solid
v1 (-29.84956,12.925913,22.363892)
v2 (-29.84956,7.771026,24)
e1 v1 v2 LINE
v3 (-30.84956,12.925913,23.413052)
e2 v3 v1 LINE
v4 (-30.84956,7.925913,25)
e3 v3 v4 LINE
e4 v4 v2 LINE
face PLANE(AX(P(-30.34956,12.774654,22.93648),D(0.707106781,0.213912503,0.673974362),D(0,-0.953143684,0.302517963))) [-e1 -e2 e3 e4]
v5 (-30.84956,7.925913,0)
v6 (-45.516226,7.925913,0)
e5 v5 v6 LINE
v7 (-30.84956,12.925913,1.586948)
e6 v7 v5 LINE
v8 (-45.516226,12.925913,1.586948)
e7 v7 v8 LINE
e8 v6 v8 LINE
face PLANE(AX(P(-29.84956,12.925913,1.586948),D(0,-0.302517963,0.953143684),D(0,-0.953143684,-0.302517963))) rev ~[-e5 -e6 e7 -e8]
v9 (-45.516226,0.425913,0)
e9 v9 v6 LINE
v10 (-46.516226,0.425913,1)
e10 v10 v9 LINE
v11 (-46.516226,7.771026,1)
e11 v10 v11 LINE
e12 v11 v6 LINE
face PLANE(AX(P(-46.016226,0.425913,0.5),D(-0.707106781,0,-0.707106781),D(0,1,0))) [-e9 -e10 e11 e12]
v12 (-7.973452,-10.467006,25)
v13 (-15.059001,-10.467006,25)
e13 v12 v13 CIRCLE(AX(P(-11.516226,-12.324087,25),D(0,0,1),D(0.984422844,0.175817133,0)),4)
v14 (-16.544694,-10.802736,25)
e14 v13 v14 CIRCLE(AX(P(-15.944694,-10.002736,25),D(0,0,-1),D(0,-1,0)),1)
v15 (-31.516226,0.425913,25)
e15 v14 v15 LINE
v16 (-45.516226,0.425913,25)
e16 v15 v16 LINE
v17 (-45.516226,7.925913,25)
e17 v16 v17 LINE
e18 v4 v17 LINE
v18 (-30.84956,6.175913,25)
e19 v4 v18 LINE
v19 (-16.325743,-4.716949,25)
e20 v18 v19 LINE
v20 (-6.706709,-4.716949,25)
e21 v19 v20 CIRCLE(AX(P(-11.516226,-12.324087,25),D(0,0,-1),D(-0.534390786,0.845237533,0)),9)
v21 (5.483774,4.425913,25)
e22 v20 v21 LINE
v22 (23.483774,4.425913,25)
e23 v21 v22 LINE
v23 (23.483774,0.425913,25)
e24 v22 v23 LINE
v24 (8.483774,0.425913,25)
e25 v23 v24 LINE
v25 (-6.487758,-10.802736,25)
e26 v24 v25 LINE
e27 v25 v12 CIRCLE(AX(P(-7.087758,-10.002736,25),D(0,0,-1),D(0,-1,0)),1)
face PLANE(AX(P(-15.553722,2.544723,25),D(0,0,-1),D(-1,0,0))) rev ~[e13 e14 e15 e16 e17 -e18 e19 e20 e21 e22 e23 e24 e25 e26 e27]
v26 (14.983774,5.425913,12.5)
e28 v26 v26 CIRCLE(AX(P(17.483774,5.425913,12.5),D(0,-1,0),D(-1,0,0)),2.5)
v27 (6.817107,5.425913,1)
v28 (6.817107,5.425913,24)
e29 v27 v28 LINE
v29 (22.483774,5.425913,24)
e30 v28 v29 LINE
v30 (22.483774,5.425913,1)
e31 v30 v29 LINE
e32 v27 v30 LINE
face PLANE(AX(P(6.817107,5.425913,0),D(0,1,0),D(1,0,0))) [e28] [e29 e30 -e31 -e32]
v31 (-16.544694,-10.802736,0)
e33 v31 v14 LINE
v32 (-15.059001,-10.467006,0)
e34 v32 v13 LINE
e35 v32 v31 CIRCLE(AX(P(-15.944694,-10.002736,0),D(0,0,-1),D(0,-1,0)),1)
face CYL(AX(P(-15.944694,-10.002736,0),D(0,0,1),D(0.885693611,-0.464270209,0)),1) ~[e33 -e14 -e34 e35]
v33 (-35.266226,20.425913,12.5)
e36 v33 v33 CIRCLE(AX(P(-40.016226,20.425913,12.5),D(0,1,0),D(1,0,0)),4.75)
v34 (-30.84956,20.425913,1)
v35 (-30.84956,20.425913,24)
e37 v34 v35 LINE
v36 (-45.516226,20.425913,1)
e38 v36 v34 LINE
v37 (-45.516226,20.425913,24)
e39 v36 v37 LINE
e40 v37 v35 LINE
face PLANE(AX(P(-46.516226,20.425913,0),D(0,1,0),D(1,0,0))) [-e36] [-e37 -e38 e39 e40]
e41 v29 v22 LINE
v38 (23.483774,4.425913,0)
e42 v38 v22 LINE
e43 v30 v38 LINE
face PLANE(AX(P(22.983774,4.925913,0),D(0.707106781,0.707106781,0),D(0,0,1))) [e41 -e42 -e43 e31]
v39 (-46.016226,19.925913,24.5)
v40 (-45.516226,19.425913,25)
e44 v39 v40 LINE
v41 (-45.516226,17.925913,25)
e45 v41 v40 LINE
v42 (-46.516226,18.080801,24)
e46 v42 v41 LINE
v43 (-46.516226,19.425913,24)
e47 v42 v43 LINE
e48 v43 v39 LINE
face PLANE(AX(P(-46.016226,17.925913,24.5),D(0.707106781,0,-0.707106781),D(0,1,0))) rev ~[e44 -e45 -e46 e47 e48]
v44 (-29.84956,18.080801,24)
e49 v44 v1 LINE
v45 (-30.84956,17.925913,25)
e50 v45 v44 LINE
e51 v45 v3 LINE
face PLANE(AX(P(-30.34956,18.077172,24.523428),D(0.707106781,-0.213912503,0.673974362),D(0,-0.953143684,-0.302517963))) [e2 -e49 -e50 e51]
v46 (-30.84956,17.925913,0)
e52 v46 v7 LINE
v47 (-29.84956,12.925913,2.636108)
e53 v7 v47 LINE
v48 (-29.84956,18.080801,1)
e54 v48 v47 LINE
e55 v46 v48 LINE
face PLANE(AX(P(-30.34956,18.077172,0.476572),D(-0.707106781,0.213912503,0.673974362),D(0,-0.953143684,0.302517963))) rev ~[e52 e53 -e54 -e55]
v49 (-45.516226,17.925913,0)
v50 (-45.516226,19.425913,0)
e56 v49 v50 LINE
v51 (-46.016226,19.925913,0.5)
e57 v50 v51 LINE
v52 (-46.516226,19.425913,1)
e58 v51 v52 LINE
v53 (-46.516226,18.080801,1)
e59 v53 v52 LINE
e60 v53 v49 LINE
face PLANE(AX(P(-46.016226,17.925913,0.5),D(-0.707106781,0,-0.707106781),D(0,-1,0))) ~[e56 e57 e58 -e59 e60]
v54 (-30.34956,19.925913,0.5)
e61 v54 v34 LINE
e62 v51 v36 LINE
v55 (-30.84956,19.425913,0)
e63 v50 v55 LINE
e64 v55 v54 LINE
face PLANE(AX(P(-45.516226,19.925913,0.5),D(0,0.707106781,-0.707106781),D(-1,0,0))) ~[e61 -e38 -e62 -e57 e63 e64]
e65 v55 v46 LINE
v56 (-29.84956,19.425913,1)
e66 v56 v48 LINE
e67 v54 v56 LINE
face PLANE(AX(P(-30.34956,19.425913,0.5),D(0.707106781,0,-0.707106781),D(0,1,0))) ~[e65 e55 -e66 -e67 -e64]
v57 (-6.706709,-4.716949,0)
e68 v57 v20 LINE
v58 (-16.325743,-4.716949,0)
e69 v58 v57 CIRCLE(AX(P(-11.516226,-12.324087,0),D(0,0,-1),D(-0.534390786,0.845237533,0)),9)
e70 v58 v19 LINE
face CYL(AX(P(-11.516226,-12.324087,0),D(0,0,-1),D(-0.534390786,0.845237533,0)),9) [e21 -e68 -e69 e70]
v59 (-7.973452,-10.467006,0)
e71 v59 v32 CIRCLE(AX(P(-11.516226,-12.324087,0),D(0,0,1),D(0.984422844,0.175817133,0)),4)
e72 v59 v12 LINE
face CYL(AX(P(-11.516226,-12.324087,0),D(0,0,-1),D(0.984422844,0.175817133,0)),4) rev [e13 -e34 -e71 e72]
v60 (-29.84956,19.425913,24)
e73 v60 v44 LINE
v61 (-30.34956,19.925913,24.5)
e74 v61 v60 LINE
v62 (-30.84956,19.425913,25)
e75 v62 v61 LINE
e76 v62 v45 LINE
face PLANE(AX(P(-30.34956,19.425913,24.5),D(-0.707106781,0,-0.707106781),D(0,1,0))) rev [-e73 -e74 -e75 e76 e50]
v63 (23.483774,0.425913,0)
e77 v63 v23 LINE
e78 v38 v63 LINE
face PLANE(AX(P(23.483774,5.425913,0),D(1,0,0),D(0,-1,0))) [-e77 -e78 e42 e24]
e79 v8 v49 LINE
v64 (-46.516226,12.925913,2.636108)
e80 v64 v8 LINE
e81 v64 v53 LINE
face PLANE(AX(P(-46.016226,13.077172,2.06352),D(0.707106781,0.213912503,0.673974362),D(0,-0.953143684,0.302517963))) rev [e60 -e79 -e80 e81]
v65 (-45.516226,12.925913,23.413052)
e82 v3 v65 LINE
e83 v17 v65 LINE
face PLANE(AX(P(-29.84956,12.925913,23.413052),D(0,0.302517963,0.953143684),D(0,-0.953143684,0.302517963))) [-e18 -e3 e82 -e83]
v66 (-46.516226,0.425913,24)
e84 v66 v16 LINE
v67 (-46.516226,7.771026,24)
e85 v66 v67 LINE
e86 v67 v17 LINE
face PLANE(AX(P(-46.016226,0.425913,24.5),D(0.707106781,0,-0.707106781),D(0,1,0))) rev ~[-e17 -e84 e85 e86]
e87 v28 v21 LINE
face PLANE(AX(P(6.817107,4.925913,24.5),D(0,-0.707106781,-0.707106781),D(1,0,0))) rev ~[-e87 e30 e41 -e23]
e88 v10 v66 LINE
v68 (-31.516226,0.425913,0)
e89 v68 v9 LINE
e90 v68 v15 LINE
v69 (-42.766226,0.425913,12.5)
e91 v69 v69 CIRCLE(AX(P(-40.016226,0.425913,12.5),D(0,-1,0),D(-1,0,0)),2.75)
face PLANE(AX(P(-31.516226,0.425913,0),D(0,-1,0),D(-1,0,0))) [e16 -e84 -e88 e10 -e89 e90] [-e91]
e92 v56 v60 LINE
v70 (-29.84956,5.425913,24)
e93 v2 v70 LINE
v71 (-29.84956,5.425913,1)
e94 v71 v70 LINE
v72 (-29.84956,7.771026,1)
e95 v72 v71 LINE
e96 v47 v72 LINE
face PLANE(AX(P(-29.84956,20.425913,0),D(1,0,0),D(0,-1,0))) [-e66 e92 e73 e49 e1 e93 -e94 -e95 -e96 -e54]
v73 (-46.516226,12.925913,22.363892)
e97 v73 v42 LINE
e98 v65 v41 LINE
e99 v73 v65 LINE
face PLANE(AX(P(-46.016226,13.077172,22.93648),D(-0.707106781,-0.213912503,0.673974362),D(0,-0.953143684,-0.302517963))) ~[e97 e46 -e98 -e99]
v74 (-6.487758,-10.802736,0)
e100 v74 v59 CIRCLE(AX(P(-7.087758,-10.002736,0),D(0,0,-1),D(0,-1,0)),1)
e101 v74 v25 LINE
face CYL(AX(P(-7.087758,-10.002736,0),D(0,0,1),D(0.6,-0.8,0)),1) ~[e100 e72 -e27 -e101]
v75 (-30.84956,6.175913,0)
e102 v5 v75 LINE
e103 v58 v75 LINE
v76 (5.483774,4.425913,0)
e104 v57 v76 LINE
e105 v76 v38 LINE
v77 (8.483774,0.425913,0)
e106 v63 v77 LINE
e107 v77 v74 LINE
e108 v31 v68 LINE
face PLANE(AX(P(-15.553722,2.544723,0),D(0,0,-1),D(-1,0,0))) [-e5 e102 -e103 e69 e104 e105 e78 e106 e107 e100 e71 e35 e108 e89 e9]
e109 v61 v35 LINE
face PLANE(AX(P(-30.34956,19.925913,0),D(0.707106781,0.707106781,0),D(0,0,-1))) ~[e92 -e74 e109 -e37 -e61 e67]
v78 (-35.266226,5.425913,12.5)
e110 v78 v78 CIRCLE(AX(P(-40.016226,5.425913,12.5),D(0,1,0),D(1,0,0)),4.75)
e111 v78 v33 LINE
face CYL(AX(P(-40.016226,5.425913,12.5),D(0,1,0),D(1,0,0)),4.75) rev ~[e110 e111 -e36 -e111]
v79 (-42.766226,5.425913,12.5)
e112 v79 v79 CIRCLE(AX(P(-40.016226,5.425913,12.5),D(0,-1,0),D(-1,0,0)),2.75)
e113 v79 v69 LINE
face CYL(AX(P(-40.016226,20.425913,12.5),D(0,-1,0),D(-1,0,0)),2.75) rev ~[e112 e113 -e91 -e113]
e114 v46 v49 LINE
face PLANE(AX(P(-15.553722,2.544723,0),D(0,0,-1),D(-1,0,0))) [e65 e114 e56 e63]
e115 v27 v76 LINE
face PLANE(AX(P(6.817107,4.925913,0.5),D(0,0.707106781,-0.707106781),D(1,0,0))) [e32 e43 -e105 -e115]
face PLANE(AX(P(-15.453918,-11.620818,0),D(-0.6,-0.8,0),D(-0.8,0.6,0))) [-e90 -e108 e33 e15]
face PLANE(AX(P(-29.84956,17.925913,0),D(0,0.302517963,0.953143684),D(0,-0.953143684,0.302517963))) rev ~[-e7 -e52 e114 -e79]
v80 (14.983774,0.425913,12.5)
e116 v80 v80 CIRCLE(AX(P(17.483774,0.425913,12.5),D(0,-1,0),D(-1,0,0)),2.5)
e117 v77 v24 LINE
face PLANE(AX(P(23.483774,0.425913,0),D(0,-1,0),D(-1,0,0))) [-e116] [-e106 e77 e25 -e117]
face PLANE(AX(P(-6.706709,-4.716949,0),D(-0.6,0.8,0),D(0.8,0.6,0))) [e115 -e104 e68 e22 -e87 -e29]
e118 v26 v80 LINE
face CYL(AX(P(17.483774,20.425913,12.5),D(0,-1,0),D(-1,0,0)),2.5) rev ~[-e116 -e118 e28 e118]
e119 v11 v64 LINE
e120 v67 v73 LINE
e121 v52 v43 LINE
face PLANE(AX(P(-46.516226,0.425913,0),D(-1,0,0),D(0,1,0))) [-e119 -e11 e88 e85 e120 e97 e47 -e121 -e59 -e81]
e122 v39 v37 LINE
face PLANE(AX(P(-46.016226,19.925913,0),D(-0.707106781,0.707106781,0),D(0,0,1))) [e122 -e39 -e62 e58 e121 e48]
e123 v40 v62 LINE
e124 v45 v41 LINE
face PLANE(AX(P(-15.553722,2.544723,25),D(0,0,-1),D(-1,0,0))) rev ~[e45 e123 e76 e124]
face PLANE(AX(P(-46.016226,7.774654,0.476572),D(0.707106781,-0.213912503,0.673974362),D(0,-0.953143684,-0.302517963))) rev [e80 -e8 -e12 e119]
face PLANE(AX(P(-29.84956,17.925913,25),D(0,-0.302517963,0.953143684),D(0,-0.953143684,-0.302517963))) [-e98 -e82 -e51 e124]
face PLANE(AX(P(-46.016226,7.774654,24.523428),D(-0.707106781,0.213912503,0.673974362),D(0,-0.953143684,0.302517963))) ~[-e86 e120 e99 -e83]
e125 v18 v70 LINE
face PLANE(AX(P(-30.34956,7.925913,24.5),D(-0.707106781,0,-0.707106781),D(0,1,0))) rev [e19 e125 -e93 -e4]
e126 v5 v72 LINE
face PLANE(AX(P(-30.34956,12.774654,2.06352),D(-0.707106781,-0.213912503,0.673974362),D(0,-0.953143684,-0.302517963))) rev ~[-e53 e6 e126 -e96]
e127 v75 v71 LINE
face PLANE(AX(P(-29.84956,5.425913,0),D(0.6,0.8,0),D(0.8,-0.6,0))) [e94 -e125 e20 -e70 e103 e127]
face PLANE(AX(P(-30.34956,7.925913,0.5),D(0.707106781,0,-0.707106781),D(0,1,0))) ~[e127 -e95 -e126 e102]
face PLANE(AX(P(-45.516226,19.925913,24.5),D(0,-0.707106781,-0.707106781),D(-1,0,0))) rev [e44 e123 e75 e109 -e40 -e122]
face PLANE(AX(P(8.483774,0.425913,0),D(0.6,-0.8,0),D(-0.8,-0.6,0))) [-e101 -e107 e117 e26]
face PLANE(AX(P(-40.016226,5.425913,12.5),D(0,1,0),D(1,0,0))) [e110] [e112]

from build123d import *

# Parameters (mm, degrees)
BOSS_EXTRUDE1_DEPTH                     = 25
FILLET1_R                               = 1
CUT_EXTRUDE2_DEPTH                      = 63.343102097
CBORE_FOR_M5_HEX_HEAD_BOLT1_D           = 5.5
CBORE_FOR_M5_HEX_HEAD_BOLT1_CBORE_D     = 9.5
CBORE_FOR_M5_HEX_HEAD_BOLT1_CBORE_DEPTH = 15
F_5_0_5_DIAMETER_HOLE1_D                = 5
F_5_0_5_DIAMETER_HOLE1_DEPTH            = 15
F_5_0_5_DIAMETER_HOLE1_TIP              = 1.502151548
CHAMFER4_SIZE                           = 1
CHAMFER5_SIZE                           = 1
CHAMFER6_SIZE                           = 1
CHAMFER7_SIZE                           = 1
CHAMFER8_SIZE                           = 1
CHAMFER9_SIZE                           = 1


with BuildPart() as part:
    # Sketch1 → Boss-Extrude1 (new body)
    with BuildSketch(Plane.XY):
        with BuildLine():
            Line((23.483773769, 0.425913311), (8.483773769, 0.425913311))
            Line((8.483773769, 0.425913311), (-7.578534855, -11.620818157))
            ThreePointArc((-7.578534855, -11.620818157), (-11.516226231, -8.324086689), (-15.453917607, -11.620818157))
            Line((-15.453917607, -11.620818157), (-31.516226231, 0.425913311))
            Line((-31.516226231, 0.425913311), (-46.516226231, 0.425913311))
            Line((-46.516226231, 0.425913311), (-46.516226231, 20.425913311))
            Line((-46.516226231, 20.425913311), (-29.849559564, 20.425913311))
            Line((-29.849559564, 20.425913311), (-29.849559564, 5.425913311))
            Line((-29.849559564, 5.425913311), (-16.325743301, -4.716948887))
            ThreePointArc((-16.325743301, -4.716948887), (-11.516226231, -3.324086689), (-6.706709161, -4.716948887))
            Line((-6.706709161, -4.716948887), (6.817107102, 5.425913311))
            Line((6.817107102, 5.425913311), (23.483773769, 5.425913311))
            Line((23.483773769, 5.425913311), (23.483773769, 0.425913311))
        make_face()
    extrude(amount=BOSS_EXTRUDE1_DEPTH)

    # Fillet1
    fillet1_edges = [part.edges().sort_by_distance(p)[0] for p in [
        (-7.578534855, -11.620818157, 12.5),
        (-15.453917607, -11.620818157, 12.5),
    ]]
    fillet(fillet1_edges, radius=FILLET1_R)

    # Sketch5 → Cut-Extrude2 (cut, through all)
    with BuildSketch(Plane(origin=(-29.849559564, 0, 0), x_dir=(0, 0, -1), z_dir=(1, 0, 0))):
        Polygon((0, 7.925913311), (0, 17.925913311), (-1.586948369, 12.925913311), align=None)
        Polygon((-25, 7.925913311), (-25, 17.925913311), (-23.413051631, 12.925913311), align=None)
    extrude(amount=-CUT_EXTRUDE2_DEPTH, mode=Mode.SUBTRACT)

    # CBORE for M5 Hex Head Bolt1 (through all)
    with Locations(Plane(origin=(0, 20.425913311, 0), x_dir=(1, 0, 0), z_dir=(0, 1, 0))):
        with Locations((-40.016226231, -12.5)):
            CounterBoreHole(CBORE_FOR_M5_HEX_HEAD_BOLT1_D / 2, CBORE_FOR_M5_HEX_HEAD_BOLT1_CBORE_D / 2, CBORE_FOR_M5_HEX_HEAD_BOLT1_CBORE_DEPTH)

    # Ø5.0 (5) Diameter Hole1
    with Locations(Plane(origin=(0, 5.425913311, 0), x_dir=(1, 0, 0), z_dir=(0, 1, 0))):
        with Locations((17.483773769, -12.5)):
            Hole(F_5_0_5_DIAMETER_HOLE1_D / 2, depth=F_5_0_5_DIAMETER_HOLE1_DEPTH)
            with Locations((0, 0, -(F_5_0_5_DIAMETER_HOLE1_DEPTH + F_5_0_5_DIAMETER_HOLE1_TIP / 2))):  # 118° drill point
                Cone(0, F_5_0_5_DIAMETER_HOLE1_D / 2, F_5_0_5_DIAMETER_HOLE1_TIP, mode=Mode.SUBTRACT)

    # Chamfer4
    chamfer4_edges = [part.edges().sort_by_distance(p)[0] for p in [
        (-46.516226231, 20.425913311, 12.5),
        (-29.849559564, 20.425913311, 12.5),
    ]]
    chamfer(chamfer4_edges, length=CHAMFER4_SIZE)

    # Chamfer5
    chamfer5_edges = [part.edges().sort_by_distance(p)[0] for p in [
        (-38.182892898, 20.425913311, 25),
        (-38.182892898, 20.425913311, 0),
    ]]
    chamfer(chamfer5_edges, length=CHAMFER5_SIZE)

    # Chamfer6
    chamfer6_edges = [part.edges().sort_by_distance(p)[0] for p in [
        (-46.516226231, 4.175913311, 0),
        (-46.516226231, 15.425913311, 0.793474184),
        (-46.516226231, 10.425913311, 0.793474184),
        (-46.516226231, 18.675913311, 0),
    ]]
    chamfer(chamfer6_edges, length=CHAMFER6_SIZE)

    # Chamfer7
    chamfer7_edges = [part.edges().sort_by_distance(p)[0] for p in [
        (-46.516226231, 4.175913311, 25),
        (-46.516226231, 10.425913311, 24.206525816),
        (-46.516226231, 15.425913311, 24.206525816),
        (-46.516226231, 18.675913311, 25),
    ]]
    chamfer(chamfer7_edges, length=CHAMFER7_SIZE)

    # Chamfer8
    chamfer8_edges = [part.edges().sort_by_distance(p)[0] for p in [
        (-29.849559564, 6.675913311, 0),
        (-29.849559564, 6.675913311, 25),
        (-29.849559564, 18.675913311, 0),
        (-29.849559564, 18.675913311, 25),
        (-29.849559564, 15.425913311, 0.793474184),
        (-29.849559564, 10.425913311, 0.793474184),
        (-29.849559564, 10.425913311, 24.206525816),
        (-29.849559564, 15.425913311, 24.206525816),
    ]]
    chamfer(chamfer8_edges, length=CHAMFER8_SIZE)

    # Chamfer9
    chamfer9_edges = [part.edges().sort_by_distance(p)[0] for p in [
        (15.150440436, 5.425913311, 0),
        (23.483773769, 5.425913311, 12.5),
        (15.150440436, 5.425913311, 25),
    ]]
    chamfer(chamfer9_edges, length=CHAMFER9_SIZE)


solid = part.part
